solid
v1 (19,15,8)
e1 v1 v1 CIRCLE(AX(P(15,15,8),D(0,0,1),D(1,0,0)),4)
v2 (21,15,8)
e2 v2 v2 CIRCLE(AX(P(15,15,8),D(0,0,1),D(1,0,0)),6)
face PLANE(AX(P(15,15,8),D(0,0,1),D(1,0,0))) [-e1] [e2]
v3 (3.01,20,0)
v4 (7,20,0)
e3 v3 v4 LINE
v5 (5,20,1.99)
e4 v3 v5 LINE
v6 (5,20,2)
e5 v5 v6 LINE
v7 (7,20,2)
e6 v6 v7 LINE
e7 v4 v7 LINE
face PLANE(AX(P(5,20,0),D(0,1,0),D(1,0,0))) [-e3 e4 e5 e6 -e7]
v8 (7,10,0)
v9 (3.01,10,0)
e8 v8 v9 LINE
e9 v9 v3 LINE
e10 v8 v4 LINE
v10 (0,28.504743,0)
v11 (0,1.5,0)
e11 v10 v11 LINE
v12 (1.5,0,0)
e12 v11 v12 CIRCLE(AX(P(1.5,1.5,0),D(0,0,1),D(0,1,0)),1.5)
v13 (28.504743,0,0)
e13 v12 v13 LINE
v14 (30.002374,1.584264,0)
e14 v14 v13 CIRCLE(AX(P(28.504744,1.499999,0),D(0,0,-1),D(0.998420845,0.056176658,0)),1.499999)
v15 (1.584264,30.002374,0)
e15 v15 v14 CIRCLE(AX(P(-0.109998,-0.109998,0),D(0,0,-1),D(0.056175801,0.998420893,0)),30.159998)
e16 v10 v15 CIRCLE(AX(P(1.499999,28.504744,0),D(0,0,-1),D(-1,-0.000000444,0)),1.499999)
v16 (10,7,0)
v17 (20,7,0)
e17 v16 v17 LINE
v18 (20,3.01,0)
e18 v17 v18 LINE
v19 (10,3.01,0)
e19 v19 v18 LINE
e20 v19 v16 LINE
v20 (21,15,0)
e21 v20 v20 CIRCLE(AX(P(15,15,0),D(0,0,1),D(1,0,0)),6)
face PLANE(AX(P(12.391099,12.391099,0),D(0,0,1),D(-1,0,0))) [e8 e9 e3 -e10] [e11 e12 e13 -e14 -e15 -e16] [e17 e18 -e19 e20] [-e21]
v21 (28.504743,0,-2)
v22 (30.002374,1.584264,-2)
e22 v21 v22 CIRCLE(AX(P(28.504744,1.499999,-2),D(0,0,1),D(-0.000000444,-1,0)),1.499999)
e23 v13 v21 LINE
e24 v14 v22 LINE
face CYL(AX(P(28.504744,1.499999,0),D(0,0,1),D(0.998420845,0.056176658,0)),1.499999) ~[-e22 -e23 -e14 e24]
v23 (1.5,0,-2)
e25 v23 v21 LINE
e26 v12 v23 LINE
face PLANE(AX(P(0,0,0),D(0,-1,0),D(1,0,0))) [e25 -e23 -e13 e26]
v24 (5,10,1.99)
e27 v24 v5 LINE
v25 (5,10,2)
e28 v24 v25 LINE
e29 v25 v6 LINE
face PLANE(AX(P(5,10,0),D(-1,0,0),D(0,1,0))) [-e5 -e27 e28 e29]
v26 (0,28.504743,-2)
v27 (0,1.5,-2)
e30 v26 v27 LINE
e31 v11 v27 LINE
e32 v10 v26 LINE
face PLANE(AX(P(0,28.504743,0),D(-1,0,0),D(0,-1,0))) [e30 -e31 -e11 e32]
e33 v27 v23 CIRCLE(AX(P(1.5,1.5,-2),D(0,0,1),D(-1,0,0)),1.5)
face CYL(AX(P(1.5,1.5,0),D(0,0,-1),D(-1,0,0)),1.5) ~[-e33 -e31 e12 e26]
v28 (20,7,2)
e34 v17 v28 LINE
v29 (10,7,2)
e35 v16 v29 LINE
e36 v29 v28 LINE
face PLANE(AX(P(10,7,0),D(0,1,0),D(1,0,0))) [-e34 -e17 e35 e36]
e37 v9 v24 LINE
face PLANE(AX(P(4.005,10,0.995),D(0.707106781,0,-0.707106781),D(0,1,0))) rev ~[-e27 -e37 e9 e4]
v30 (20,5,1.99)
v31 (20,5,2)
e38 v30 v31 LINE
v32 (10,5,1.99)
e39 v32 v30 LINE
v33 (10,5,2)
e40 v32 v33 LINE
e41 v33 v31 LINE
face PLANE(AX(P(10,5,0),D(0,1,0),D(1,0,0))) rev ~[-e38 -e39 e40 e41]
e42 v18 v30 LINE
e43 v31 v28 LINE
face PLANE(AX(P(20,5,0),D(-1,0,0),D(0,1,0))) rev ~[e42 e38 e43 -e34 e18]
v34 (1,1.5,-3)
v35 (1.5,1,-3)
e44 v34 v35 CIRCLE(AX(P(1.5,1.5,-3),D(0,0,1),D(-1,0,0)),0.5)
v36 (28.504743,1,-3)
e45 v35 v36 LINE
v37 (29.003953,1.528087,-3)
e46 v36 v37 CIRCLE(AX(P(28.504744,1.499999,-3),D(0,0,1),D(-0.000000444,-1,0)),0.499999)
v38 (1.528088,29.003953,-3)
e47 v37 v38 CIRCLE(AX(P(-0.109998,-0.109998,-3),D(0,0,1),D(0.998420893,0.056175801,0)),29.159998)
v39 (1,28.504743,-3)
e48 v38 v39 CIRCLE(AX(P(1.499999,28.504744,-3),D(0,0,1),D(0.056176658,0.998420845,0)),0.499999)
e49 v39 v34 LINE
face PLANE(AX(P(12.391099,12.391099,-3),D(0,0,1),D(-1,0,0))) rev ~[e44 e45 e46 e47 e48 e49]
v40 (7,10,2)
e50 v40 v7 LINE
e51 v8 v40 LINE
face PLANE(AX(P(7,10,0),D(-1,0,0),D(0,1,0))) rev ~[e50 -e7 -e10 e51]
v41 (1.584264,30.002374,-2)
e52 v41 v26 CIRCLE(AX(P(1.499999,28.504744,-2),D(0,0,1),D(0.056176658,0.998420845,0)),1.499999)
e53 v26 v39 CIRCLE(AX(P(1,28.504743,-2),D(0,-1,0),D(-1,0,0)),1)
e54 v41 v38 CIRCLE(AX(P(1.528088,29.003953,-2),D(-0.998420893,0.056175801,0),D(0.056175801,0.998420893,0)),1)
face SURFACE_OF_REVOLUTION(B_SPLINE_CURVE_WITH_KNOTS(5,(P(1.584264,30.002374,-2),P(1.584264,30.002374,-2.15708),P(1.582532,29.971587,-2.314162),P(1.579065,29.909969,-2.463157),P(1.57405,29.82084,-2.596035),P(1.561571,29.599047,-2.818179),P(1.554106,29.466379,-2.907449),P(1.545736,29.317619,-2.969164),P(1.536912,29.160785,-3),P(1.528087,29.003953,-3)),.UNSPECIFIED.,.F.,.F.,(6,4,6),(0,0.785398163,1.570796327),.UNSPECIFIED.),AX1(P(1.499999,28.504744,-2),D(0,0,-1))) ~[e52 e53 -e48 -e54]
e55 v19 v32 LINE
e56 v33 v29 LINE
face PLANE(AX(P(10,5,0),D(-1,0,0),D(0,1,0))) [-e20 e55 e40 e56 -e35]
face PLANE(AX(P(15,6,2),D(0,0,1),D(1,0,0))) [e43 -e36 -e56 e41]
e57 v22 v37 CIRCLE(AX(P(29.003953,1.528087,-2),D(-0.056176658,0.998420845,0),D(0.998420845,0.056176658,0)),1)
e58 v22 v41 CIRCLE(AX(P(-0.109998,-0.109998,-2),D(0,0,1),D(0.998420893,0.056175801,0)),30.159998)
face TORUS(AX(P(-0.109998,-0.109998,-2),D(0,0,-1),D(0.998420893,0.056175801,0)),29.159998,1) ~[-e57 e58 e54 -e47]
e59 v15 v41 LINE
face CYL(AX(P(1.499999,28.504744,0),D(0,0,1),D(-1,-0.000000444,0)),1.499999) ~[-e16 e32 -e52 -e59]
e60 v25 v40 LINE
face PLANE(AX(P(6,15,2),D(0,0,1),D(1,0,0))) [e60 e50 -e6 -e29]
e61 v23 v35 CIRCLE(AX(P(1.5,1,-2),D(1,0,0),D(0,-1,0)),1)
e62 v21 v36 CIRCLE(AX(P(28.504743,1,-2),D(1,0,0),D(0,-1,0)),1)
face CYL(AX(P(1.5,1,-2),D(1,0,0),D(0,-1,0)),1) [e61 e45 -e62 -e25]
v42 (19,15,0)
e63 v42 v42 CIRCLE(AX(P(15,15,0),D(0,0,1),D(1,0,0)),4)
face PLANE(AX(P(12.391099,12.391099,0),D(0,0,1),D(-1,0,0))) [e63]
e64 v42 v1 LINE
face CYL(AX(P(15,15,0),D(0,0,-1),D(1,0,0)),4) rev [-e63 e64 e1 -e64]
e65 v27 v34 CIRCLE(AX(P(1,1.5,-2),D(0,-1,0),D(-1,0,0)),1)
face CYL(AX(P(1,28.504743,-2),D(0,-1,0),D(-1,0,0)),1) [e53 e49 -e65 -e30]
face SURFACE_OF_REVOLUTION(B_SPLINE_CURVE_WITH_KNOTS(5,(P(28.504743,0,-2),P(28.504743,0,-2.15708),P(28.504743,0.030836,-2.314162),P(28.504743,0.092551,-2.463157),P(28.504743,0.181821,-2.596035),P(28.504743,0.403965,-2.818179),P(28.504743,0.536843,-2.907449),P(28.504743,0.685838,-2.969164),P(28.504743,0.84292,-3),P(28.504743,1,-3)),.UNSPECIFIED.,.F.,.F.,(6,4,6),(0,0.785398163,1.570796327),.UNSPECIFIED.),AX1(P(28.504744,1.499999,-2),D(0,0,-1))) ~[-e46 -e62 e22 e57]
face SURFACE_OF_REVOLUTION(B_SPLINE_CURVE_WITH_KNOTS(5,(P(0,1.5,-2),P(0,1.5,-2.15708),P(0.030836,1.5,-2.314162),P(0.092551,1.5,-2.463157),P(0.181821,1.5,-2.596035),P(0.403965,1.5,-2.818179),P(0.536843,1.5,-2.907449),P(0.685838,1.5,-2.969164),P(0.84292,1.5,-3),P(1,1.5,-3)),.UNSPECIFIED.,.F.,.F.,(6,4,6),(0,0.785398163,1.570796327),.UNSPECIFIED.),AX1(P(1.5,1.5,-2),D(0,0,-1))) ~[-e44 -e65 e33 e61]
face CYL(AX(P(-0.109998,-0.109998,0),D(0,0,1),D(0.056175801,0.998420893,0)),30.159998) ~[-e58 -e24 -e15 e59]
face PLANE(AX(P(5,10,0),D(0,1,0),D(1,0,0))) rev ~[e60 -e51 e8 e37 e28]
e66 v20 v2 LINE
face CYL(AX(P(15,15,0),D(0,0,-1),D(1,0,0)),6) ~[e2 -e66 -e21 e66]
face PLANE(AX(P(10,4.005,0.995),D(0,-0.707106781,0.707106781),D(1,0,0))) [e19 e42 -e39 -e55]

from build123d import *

# Parameters (mm, degrees)
SKETCH_R      = 6
SKETCH_R_2    = 4
PAD_DEPTH     = 8
PAD001_DEPTH  = 3
FILLET_R      = 1.5
FILLET001_R   = 1
SKETCH002_W   = 2
SKETCH002_H   = 10
SKETCH002_W_2 = 10
SKETCH002_H_2 = 2
PAD002_DEPTH  = 2
CHAMFER_SIZE  = 1.99


with BuildPart() as part:
    # Sketch → Pad (new body)
    with BuildSketch(Plane.XY):
        with Locations((15, 15)):
            Circle(SKETCH_R)
        with Locations((15, 15)):
            Circle(SKETCH_R_2, mode=Mode.SUBTRACT)
    extrude(amount=PAD_DEPTH)

    # Sketch001 (on Face3 of Pad) → Pad001 (join)
    with BuildSketch(Plane(origin=(0, 0, 0), x_dir=(1, 0, 0), z_dir=(0, 0, -1))):
        with BuildLine():
            Line((0, -28.504743), (0, 0))
            Line((0, 0), (28.504743, 0))
            ThreePointArc((30.002374, -1.584264), (29.594788, -0.469562), (28.504743, 0))
            ThreePointArc((1.584264, -30.002374), (21.216341, -21.216341), (30.002374, -1.584264))
            ThreePointArc((0, -28.504743), (0.469562, -29.594788), (1.584264, -30.002374))
        make_face()
    extrude(amount=PAD001_DEPTH)

    # Fillet
    fillet_edges = [part.edges().sort_by_distance(p)[0] for p in [
        (0, 0, -1.5),
    ]]
    fillet(fillet_edges, radius=FILLET_R)

    # Fillet001
    fillet001_edges = [part.edges().sort_by_distance(p)[0] for p in [
        (0, 15.002371, -3),
        (0.43934, 0.43934, -3),
        (0.469562, 29.594788, -3),
        (15.002371, 0, -3),
        (21.216341, 21.216341, -3),
        (29.594788, 0.469562, -3),
    ]]
    fillet(fillet001_edges, radius=FILLET001_R)

    # Sketch002 (on Face4 of Fillet001) → Pad002 (join)
    with BuildSketch(Plane.XY):
        with Locations((6, 15)):
            Rectangle(SKETCH002_W, SKETCH002_H)
        with Locations((15, 6)):
            Rectangle(SKETCH002_W_2, SKETCH002_H_2)
    extrude(amount=PAD002_DEPTH)

    # Chamfer
    chamfer_edges = [part.edges().sort_by_distance(p)[0] for p in [
        (5, 15, 0),
        (15, 5, 0),
    ]]
    chamfer(chamfer_edges, length=CHAMFER_SIZE)


solid = part.part
